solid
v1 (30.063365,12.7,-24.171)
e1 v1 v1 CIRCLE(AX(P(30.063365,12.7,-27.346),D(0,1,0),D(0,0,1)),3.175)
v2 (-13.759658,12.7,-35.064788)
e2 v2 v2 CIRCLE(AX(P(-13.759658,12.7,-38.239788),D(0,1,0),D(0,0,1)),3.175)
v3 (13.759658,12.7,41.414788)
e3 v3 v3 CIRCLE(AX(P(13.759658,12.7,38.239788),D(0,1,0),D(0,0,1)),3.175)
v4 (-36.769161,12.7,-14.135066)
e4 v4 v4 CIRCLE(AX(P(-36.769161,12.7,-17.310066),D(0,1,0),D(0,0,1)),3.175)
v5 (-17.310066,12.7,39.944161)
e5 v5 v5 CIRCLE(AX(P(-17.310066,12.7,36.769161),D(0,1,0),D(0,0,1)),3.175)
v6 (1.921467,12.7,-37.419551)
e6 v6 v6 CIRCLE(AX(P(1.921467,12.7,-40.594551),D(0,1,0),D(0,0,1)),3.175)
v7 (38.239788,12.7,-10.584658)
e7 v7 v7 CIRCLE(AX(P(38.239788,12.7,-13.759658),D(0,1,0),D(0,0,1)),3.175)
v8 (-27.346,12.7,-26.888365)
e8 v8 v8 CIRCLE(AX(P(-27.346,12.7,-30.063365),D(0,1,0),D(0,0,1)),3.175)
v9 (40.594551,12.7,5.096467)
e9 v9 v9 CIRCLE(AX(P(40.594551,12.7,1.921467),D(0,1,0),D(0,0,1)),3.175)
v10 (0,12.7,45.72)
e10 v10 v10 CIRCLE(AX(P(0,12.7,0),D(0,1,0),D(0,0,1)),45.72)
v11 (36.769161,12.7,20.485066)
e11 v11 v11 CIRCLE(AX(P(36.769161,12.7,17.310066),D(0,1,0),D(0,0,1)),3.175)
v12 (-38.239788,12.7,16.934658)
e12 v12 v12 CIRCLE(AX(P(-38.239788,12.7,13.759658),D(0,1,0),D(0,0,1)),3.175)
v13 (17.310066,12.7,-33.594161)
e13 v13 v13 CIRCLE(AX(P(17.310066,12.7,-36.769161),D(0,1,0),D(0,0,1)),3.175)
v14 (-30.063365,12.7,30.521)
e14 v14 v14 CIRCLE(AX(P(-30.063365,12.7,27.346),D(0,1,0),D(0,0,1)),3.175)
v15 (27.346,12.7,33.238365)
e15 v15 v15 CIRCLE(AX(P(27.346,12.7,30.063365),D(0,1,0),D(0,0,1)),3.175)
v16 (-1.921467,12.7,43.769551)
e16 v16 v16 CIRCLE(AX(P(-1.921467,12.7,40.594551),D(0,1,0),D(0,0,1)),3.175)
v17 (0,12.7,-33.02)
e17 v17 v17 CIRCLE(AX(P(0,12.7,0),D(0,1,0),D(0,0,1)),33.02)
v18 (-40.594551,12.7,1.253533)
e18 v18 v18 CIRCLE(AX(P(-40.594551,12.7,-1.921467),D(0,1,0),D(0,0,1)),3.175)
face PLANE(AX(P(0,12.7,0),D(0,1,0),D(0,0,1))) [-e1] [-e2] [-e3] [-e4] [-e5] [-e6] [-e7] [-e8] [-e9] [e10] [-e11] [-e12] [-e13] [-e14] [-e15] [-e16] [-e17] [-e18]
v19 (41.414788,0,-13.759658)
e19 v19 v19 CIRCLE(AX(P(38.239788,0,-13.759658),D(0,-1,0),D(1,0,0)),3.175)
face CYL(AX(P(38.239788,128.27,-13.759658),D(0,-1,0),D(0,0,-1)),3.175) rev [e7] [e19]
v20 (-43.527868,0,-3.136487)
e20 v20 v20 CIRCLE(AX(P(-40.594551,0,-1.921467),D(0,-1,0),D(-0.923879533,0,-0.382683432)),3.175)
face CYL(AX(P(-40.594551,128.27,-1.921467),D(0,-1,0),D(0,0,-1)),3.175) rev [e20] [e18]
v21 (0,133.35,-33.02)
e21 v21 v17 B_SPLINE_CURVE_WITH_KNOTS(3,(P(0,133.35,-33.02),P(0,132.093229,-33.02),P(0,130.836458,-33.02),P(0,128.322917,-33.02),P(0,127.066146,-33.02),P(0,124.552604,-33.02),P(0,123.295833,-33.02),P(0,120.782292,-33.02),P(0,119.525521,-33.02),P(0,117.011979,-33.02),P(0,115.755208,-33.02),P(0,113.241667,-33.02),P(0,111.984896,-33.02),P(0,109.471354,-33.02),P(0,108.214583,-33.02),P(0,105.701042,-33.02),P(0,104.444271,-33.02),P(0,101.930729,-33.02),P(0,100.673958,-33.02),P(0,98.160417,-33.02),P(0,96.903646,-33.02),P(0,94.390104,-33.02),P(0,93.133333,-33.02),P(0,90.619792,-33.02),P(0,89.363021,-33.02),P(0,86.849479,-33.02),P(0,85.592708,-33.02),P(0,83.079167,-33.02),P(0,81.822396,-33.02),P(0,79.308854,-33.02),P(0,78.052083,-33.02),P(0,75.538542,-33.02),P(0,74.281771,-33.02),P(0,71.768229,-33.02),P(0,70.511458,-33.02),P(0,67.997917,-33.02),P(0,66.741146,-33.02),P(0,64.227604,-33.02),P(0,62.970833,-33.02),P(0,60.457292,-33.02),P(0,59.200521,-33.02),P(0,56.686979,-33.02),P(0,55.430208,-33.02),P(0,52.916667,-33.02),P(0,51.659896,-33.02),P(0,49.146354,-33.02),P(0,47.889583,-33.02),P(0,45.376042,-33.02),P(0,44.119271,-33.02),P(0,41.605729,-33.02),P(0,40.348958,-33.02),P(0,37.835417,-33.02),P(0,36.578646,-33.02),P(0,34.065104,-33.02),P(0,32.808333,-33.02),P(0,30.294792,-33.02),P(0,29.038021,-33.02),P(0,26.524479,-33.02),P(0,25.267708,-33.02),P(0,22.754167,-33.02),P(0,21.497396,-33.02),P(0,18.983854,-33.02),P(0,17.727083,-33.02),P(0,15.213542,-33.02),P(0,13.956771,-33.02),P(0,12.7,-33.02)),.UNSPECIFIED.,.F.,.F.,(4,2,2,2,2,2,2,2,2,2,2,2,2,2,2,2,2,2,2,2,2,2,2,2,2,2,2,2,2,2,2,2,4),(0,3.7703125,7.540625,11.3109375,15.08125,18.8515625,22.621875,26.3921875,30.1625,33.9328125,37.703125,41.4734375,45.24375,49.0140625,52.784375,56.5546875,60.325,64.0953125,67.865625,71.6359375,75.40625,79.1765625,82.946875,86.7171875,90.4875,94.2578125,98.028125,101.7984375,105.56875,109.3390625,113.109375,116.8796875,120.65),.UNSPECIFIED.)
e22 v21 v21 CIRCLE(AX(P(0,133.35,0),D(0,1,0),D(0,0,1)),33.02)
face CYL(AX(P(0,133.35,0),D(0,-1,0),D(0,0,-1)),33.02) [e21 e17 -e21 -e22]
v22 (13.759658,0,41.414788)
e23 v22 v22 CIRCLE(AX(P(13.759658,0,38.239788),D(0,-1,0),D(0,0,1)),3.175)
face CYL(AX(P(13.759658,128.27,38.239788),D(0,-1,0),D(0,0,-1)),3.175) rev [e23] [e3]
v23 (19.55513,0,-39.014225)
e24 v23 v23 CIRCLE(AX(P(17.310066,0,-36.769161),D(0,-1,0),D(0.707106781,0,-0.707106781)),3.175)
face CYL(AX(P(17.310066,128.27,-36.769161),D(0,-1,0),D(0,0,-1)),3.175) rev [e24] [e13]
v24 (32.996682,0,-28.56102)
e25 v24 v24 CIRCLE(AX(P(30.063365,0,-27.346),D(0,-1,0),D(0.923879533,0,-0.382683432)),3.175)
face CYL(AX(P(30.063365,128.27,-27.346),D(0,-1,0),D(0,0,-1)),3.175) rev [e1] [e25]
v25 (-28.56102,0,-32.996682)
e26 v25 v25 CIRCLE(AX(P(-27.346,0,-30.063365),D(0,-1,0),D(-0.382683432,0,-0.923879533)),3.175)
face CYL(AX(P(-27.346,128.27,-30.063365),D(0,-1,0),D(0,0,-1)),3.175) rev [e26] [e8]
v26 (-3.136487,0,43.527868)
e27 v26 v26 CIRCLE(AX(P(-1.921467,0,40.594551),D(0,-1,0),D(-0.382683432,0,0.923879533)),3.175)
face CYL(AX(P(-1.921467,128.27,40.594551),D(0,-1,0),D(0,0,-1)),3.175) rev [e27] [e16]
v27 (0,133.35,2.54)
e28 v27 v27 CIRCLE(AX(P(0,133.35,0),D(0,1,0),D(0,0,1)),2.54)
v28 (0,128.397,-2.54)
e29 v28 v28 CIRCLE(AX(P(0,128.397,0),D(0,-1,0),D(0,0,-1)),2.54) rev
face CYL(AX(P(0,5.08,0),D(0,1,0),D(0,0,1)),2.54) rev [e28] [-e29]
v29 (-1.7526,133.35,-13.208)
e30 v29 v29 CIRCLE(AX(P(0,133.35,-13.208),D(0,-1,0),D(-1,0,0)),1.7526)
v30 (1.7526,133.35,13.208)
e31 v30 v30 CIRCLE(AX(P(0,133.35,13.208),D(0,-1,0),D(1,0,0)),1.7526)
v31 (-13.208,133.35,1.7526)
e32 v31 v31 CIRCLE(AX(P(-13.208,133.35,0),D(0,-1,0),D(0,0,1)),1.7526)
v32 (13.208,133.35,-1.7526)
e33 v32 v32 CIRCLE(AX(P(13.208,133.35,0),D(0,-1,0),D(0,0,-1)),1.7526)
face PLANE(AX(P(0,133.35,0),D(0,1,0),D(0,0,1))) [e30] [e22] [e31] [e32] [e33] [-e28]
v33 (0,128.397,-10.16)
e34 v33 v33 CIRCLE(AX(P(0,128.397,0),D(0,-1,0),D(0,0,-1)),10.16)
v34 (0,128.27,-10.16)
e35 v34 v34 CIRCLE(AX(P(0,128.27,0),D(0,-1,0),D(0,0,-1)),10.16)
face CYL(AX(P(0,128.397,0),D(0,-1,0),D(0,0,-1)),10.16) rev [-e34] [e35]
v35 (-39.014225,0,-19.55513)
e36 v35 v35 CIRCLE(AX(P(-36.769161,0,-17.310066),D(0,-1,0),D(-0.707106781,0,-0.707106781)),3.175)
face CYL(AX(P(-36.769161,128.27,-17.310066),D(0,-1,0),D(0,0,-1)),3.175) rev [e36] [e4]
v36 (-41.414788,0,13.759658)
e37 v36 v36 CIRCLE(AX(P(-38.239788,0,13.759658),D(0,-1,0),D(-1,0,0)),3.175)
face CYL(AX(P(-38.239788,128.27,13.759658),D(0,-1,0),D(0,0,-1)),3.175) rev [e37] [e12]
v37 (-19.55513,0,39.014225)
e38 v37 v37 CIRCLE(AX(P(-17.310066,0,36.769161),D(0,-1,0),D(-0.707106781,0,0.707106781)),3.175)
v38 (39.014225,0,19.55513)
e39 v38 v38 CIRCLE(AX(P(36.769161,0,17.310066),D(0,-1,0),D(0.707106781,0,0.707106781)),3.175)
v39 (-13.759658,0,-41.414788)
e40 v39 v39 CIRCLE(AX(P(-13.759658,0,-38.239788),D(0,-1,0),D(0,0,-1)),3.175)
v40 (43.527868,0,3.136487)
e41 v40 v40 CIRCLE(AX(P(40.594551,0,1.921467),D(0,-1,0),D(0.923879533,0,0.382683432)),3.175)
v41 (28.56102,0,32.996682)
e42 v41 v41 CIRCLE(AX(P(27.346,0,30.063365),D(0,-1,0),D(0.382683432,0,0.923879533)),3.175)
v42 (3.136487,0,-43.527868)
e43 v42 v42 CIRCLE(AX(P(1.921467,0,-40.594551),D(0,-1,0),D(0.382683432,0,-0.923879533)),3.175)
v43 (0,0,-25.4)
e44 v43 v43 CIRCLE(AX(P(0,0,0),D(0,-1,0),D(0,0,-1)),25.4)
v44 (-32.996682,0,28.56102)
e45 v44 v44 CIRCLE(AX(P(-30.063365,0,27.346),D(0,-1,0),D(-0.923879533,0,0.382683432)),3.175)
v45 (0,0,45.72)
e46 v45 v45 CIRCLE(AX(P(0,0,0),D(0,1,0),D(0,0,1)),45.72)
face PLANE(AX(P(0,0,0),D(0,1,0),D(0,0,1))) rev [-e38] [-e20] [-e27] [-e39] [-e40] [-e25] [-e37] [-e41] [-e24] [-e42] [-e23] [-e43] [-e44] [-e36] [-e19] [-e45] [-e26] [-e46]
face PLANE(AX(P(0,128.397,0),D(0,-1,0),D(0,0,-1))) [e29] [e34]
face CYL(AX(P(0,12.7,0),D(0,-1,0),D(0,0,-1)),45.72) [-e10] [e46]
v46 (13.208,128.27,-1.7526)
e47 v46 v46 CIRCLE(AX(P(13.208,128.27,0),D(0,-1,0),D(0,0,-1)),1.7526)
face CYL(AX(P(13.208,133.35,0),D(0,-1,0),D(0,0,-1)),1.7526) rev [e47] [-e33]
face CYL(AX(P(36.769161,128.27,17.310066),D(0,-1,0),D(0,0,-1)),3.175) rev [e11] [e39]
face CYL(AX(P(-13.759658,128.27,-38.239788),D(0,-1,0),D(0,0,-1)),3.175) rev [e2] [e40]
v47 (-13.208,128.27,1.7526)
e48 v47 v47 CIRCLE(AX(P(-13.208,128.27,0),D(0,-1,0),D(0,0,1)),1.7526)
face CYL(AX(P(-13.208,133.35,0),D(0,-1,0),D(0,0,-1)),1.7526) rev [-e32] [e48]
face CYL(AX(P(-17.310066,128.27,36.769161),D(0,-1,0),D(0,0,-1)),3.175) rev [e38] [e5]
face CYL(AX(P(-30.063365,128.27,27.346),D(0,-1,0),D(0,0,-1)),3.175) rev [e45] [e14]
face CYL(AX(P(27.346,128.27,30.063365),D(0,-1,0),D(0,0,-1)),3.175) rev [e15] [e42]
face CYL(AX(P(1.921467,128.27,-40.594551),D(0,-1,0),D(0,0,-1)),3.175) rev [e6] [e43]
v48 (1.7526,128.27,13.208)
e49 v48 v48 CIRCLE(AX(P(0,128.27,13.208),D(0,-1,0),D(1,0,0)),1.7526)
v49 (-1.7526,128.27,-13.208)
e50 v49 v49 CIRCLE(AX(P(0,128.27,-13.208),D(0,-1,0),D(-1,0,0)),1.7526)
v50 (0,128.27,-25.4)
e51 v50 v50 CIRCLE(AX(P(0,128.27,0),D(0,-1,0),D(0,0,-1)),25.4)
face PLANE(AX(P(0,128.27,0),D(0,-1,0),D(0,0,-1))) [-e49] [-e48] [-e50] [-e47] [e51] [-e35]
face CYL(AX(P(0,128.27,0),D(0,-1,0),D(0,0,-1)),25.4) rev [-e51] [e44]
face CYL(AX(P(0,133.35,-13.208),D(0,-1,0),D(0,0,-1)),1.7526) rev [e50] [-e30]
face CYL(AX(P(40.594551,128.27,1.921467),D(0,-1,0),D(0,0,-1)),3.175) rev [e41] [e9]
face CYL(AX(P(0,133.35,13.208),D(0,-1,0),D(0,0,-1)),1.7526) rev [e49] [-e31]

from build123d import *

# Parameters (mm, degrees)
SKETCH1_R           = 45.72
BOSS_EXTRUDE1_DEPTH = 12.7
SKETCH2_R           = 33.02
BOSS_EXTRUDE2_DEPTH = 120.65
SKETCH3_R           = 25.4
CUT_EXTRUDE1_DEPTH  = 128.27
SKETCH4_R           = 2.54
CUT_EXTRUDE2_DEPTH  = 128.27
SKETCH5_R           = 3.175
CUT_EXTRUDE3_DEPTH  = 128.27
SKETCH6_R           = 10.16
CUT_EXTRUDE4_DEPTH  = 0.127
CIRPATTERN1_COUNT   = 16
SKETCH7_R           = 1.7526
CUT_EXTRUDE5_DEPTH  = 144.644803944
CIRPATTERN2_COUNT   = 4


with BuildPart() as part:
    # Sketch1 → Boss-Extrude1 (new body)
    with BuildSketch(Plane(origin=(0, 0, 0), x_dir=(1, 0, 0), z_dir=(0, 1, 0))):
        Circle(SKETCH1_R)
    extrude(amount=BOSS_EXTRUDE1_DEPTH)

    # Sketch2 → Boss-Extrude2 (add)
    with BuildSketch(Plane(origin=(0, 12.7, 0), x_dir=(1, 0, 0), z_dir=(0, 1, 0))):
        Circle(SKETCH2_R)
    extrude(amount=BOSS_EXTRUDE2_DEPTH)

    # Sketch3 → Cut-Extrude1 (cut)
    with BuildSketch(Plane.XZ):
        Circle(SKETCH3_R)
    extrude(amount=-CUT_EXTRUDE1_DEPTH, mode=Mode.SUBTRACT)

    # Sketch4 → Cut-Extrude2 (cut)
    with BuildSketch(Plane(origin=(0, 133.35, 0), x_dir=(1, 0, 0), z_dir=(0, 1, 0))):
        Circle(SKETCH4_R)
    extrude(amount=-CUT_EXTRUDE2_DEPTH, mode=Mode.SUBTRACT)

    # Sketch5 → Cut-Extrude3 (cut)
    with BuildSketch(Plane.XZ):
        with Locations((-13.759658147, -38.23978828)):
            Circle(SKETCH5_R)
    cut_extrude3 = extrude(amount=-CUT_EXTRUDE3_DEPTH, mode=Mode.SUBTRACT)

    # Sketch6 → Cut-Extrude4 (cut)
    with BuildSketch(Plane.XZ.offset(-128.27)):
        Circle(SKETCH6_R)
    extrude(amount=-CUT_EXTRUDE4_DEPTH, mode=Mode.SUBTRACT)

    # CirPattern1: Cut-Extrude3 ×16 about axis
    cirpattern1_axis = Axis((0, 128.27, 0), (0, -1, 0))
    for i in range(1, CIRPATTERN1_COUNT):
        add(cut_extrude3.rotate(cirpattern1_axis, i * 360 / CIRPATTERN1_COUNT), mode=Mode.SUBTRACT)

    # Sketch7 → Cut-Extrude5 (cut, through all)
    with BuildSketch(Plane.XZ.offset(-128.27)):
        with Locations((13.208, 0)):
            Circle(SKETCH7_R)
    cut_extrude5 = extrude(amount=-CUT_EXTRUDE5_DEPTH, mode=Mode.SUBTRACT)

    # CirPattern2: Cut-Extrude5 ×4 about axis
    cirpattern2_axis = Axis((0, 128.27, 0), (0, -1, 0))
    for i in range(1, CIRPATTERN2_COUNT):
        add(cut_extrude5.rotate(cirpattern2_axis, i * 360 / CIRPATTERN2_COUNT), mode=Mode.SUBTRACT)


solid = part.part
